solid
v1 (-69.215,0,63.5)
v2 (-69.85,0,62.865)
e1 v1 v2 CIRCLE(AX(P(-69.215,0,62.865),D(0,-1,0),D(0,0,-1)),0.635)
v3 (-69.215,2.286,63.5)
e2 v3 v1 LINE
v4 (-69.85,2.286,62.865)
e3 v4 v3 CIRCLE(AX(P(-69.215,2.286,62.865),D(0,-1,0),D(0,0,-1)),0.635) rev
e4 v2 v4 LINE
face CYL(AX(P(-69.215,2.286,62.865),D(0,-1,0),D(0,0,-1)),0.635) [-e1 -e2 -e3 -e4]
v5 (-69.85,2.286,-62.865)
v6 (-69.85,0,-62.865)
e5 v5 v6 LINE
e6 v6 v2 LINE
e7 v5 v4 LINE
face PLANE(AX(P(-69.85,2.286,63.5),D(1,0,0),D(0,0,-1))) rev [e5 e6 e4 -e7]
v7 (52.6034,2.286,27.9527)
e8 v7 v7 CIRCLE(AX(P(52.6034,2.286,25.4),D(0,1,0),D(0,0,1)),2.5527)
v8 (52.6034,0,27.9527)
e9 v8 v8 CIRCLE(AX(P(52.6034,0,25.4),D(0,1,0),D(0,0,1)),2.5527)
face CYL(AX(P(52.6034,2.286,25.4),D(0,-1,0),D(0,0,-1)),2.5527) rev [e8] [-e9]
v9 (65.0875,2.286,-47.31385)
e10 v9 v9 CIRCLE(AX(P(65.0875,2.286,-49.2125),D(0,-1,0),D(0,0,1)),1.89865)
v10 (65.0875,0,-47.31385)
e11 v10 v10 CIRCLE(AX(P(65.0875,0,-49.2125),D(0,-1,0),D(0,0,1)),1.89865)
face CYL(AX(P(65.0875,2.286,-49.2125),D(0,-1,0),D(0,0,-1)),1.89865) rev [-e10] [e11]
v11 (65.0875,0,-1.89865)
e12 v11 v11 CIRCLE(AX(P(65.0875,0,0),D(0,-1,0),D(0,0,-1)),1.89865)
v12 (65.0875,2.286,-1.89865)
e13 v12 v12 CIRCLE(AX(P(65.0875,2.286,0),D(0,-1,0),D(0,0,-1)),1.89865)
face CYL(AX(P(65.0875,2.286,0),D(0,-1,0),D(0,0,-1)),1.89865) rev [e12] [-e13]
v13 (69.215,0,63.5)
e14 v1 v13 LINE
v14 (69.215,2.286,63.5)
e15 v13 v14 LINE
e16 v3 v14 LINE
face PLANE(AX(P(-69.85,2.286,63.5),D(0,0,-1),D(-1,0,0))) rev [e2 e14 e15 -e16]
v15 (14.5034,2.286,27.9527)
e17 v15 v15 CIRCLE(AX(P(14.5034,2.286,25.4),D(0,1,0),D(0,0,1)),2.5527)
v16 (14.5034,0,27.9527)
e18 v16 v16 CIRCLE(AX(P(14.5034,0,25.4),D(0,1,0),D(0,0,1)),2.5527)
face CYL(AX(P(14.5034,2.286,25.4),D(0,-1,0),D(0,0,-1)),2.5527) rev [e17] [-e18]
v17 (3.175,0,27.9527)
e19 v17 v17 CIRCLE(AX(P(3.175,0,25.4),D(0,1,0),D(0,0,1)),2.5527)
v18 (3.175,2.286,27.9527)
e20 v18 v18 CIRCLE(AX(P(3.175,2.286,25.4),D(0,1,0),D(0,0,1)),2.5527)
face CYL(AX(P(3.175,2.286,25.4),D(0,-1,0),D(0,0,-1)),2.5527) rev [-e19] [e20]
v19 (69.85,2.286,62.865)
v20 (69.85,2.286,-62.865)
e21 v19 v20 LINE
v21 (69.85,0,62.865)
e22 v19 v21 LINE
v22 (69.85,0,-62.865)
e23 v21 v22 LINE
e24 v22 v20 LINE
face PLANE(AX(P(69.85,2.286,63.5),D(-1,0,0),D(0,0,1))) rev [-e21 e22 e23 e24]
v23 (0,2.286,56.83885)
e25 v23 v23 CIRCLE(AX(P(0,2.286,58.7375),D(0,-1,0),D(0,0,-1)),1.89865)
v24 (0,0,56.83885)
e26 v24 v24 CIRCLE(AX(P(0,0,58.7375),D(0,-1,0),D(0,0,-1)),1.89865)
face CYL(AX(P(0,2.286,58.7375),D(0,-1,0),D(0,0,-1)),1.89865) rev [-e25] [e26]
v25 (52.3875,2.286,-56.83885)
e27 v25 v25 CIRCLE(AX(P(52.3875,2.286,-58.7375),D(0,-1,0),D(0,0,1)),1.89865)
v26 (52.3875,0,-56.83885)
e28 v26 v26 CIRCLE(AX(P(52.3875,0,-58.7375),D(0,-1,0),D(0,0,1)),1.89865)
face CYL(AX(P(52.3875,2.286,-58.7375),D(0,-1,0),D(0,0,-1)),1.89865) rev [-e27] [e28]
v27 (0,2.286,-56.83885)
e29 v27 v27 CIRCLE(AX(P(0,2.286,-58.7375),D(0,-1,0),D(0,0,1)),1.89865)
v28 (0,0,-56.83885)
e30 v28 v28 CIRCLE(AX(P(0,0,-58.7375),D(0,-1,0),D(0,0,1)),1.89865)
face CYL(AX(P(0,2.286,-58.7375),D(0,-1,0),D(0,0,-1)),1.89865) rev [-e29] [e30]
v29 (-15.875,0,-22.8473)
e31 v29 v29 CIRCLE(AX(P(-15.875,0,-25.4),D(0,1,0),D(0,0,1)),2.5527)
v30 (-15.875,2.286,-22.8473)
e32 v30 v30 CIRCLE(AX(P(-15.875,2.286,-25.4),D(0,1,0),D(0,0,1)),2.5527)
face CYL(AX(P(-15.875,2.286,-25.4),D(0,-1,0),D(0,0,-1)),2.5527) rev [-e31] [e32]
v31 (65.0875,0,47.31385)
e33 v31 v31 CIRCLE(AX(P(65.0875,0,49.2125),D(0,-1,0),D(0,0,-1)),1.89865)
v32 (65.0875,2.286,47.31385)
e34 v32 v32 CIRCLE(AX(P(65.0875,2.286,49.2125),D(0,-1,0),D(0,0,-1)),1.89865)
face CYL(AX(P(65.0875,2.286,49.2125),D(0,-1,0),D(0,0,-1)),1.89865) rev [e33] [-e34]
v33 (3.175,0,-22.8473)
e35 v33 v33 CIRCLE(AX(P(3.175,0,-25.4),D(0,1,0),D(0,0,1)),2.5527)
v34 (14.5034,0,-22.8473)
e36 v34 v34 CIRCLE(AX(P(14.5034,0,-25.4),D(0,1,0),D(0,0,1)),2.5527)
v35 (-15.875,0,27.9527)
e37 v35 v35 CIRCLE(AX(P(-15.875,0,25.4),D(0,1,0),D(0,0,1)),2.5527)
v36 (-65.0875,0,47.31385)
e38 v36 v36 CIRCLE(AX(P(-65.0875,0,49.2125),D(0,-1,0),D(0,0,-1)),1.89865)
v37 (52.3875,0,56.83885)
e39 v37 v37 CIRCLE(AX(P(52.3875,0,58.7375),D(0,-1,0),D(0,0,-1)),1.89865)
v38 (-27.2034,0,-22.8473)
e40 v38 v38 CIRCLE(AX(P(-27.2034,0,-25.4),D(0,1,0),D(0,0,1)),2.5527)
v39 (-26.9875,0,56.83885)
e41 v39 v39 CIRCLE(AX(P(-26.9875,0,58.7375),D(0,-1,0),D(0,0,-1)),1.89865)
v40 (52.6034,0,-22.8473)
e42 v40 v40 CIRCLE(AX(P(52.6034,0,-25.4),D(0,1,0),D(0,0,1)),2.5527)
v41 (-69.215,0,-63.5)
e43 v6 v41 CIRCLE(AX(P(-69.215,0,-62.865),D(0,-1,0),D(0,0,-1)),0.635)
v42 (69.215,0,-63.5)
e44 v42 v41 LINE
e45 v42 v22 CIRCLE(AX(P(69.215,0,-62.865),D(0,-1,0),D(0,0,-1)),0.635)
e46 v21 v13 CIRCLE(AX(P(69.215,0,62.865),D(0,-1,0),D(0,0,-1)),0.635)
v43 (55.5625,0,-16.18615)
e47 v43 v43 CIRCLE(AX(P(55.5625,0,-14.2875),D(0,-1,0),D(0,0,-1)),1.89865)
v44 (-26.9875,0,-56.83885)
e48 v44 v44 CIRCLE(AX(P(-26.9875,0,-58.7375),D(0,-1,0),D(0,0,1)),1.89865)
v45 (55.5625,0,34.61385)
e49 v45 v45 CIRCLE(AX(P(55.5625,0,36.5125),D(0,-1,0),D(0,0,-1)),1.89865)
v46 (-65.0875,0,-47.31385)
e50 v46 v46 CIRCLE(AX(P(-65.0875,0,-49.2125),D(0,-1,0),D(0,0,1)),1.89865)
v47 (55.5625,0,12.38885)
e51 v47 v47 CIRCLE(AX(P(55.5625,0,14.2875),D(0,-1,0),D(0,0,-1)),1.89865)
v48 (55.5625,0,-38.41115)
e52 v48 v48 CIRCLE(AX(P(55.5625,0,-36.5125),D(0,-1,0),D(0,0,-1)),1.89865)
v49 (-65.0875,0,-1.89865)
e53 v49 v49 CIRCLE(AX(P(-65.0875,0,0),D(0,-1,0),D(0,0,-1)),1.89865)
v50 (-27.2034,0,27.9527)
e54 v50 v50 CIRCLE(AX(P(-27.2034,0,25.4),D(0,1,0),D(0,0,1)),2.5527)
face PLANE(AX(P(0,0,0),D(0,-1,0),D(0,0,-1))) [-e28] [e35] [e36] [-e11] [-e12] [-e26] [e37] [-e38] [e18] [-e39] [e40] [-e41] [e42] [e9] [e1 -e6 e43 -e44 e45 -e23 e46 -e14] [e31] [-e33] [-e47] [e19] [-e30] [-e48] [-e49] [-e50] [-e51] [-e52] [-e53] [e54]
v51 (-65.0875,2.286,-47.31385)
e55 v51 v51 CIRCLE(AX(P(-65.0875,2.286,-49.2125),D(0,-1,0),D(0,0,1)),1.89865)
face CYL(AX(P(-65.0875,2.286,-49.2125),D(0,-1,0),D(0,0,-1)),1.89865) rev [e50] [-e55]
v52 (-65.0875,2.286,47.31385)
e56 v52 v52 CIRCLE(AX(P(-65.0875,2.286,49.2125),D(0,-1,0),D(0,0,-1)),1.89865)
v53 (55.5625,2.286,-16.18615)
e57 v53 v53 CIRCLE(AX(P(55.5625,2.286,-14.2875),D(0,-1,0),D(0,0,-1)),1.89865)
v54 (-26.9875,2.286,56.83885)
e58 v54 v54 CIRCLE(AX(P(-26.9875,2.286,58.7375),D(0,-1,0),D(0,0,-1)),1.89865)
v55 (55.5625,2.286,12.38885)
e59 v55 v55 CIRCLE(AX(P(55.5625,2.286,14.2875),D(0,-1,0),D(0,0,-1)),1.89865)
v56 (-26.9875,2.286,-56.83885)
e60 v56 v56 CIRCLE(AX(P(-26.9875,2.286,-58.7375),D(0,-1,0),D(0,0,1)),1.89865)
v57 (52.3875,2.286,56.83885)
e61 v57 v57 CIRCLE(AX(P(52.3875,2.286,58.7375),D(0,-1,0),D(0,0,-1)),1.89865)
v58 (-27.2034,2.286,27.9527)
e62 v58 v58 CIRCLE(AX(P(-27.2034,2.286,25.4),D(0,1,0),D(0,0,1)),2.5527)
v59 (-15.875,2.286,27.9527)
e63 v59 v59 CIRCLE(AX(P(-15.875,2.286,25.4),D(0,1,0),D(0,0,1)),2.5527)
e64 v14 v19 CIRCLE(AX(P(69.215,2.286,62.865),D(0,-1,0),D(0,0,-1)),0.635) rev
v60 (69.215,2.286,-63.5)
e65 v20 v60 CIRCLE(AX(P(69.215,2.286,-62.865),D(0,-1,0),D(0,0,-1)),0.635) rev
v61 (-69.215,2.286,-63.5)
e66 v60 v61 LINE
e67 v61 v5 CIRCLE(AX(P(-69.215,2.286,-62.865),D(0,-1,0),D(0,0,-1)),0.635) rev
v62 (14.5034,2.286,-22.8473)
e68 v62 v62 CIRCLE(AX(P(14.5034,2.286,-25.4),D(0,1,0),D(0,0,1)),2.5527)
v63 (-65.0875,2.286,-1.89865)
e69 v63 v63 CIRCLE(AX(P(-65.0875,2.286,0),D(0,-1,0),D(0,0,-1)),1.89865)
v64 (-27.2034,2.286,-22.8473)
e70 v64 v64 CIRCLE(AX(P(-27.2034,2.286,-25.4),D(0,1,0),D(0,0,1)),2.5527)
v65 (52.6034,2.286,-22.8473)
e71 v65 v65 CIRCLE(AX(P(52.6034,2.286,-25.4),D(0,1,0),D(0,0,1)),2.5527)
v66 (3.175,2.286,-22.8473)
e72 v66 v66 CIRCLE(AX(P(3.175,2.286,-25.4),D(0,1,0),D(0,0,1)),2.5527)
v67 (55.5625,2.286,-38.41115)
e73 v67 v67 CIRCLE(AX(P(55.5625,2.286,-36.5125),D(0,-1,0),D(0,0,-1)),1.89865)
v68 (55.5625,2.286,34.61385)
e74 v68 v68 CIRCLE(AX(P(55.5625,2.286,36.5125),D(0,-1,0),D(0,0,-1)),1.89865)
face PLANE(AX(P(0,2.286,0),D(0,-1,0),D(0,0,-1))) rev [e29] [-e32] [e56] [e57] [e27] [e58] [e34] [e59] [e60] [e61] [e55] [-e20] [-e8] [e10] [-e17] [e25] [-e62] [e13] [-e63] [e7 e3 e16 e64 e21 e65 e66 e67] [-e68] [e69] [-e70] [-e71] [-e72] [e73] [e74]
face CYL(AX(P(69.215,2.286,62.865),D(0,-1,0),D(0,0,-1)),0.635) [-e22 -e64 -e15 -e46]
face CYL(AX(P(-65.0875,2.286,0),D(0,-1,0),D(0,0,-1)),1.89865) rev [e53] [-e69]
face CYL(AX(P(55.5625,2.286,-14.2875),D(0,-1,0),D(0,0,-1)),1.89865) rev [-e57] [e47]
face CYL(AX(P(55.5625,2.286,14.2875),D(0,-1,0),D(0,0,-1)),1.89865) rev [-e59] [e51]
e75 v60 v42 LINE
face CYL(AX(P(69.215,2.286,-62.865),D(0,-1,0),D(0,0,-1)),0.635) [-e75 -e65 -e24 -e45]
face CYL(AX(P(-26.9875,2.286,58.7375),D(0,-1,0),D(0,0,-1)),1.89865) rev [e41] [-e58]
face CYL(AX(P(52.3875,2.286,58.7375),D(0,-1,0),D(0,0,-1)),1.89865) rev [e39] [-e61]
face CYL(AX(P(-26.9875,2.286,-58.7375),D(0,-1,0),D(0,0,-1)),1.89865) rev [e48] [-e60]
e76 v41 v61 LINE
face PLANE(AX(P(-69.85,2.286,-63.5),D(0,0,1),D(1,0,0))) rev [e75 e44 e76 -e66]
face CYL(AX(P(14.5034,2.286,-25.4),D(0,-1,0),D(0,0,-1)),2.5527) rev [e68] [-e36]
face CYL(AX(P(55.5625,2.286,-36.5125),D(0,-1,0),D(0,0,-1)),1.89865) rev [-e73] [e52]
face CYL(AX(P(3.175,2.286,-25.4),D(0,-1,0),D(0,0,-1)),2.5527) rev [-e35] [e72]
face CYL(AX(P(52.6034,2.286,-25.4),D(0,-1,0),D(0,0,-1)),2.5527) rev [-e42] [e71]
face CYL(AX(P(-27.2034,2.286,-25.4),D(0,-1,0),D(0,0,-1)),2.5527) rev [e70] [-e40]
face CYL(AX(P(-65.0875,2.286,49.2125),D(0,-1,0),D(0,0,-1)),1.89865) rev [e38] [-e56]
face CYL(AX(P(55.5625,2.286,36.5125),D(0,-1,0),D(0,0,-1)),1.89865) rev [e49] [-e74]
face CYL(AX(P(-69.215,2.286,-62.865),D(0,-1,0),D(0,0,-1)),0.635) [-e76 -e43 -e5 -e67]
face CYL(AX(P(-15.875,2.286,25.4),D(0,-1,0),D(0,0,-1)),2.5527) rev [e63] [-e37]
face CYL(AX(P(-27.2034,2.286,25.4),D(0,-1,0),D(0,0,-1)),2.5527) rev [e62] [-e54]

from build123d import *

# Parameters (mm, degrees)
SKETCH1_W           = 139.7
SKETCH1_H           = 127
SKETCH1_R           = 2.5527
BOSS_EXTRUDE1_DEPTH = 2.286
SKETCH2_R           = 1.89865
CUT_EXTRUDE1_DEPTH  = 3.286
FILLET1_R           = 0.635
SKETCH4_R           = 1.89865
CUT_EXTRUDE3_DEPTH  = 3.286


with BuildPart() as part:
    # Sketch1 → Boss-Extrude1 (new body)
    with BuildSketch(Plane(origin=(0, 0, 0), x_dir=(1, 0, 0), z_dir=(0, 1, 0))):
        Rectangle(SKETCH1_W, SKETCH1_H)
        with Locations((-15.875, 25.4)):
            Circle(SKETCH1_R, mode=Mode.SUBTRACT)
        with Locations((3.175, 25.4)):
            Circle(SKETCH1_R, mode=Mode.SUBTRACT)
        with Locations((-15.875, -25.4)):
            Circle(SKETCH1_R, mode=Mode.SUBTRACT)
        with Locations((3.175, -25.4)):
            Circle(SKETCH1_R, mode=Mode.SUBTRACT)
        with Locations((-27.2034, 25.4)):
            Circle(SKETCH1_R, mode=Mode.SUBTRACT)
        with Locations((14.5034, 25.4)):
            Circle(SKETCH1_R, mode=Mode.SUBTRACT)
        with Locations((14.5034, -25.4)):
            Circle(SKETCH1_R, mode=Mode.SUBTRACT)
        with Locations((-27.2034, -25.4)):
            Circle(SKETCH1_R, mode=Mode.SUBTRACT)
        with Locations((52.6034, 25.4)):
            Circle(SKETCH1_R, mode=Mode.SUBTRACT)
        with Locations((52.6034, -25.4)):
            Circle(SKETCH1_R, mode=Mode.SUBTRACT)
    extrude(amount=BOSS_EXTRUDE1_DEPTH)

    # Sketch2 → Cut-Extrude1 (cut, through all)
    with BuildSketch(Plane.XZ):
        with Locations((0, 58.7375)):
            Circle(SKETCH2_R)
        with Locations((-65.0875, 49.2125)):
            Circle(SKETCH2_R)
        with Locations((65.0875, 49.2125)):
            Circle(SKETCH2_R)
        with Locations((-65.0875, 0)):
            Circle(SKETCH2_R)
        with Locations((65.0875, 0)):
            Circle(SKETCH2_R)
        with Locations((52.3875, 58.7375)):
            Circle(SKETCH2_R)
        with Locations((-26.9875, 58.7375)):
            Circle(SKETCH2_R)
        with Locations((-26.9875, -58.7375)):
            Circle(SKETCH2_R)
        with Locations((52.3875, -58.7375)):
            Circle(SKETCH2_R)
        with Locations((65.0875, -49.2125)):
            Circle(SKETCH2_R)
        with Locations((-65.0875, -49.2125)):
            Circle(SKETCH2_R)
        with Locations((0, -58.7375)):
            Circle(SKETCH2_R)
    extrude(amount=-CUT_EXTRUDE1_DEPTH, mode=Mode.SUBTRACT)

    # Fillet1
    fillet1_edges = [part.edges().sort_by_distance(p)[0] for p in [
        (69.85, 1.143, 63.5),
        (-69.85, 1.143, 63.5),
        (-69.85, 1.143, -63.5),
        (69.85, 1.143, -63.5),
    ]]
    fillet(fillet1_edges, radius=FILLET1_R)

    # Sketch4 → Cut-Extrude3 (cut, through all)
    with BuildSketch(Plane.XZ):
        with Locations((55.5625, 36.5125)):
            Circle(SKETCH4_R)
        with Locations((55.5625, 14.2875)):
            Circle(SKETCH4_R)
        with Locations((55.5625, -14.2875)):
            Circle(SKETCH4_R)
        with Locations((55.5625, -36.5125)):
            Circle(SKETCH4_R)
    extrude(amount=-CUT_EXTRUDE3_DEPTH, mode=Mode.SUBTRACT)


solid = part.part
